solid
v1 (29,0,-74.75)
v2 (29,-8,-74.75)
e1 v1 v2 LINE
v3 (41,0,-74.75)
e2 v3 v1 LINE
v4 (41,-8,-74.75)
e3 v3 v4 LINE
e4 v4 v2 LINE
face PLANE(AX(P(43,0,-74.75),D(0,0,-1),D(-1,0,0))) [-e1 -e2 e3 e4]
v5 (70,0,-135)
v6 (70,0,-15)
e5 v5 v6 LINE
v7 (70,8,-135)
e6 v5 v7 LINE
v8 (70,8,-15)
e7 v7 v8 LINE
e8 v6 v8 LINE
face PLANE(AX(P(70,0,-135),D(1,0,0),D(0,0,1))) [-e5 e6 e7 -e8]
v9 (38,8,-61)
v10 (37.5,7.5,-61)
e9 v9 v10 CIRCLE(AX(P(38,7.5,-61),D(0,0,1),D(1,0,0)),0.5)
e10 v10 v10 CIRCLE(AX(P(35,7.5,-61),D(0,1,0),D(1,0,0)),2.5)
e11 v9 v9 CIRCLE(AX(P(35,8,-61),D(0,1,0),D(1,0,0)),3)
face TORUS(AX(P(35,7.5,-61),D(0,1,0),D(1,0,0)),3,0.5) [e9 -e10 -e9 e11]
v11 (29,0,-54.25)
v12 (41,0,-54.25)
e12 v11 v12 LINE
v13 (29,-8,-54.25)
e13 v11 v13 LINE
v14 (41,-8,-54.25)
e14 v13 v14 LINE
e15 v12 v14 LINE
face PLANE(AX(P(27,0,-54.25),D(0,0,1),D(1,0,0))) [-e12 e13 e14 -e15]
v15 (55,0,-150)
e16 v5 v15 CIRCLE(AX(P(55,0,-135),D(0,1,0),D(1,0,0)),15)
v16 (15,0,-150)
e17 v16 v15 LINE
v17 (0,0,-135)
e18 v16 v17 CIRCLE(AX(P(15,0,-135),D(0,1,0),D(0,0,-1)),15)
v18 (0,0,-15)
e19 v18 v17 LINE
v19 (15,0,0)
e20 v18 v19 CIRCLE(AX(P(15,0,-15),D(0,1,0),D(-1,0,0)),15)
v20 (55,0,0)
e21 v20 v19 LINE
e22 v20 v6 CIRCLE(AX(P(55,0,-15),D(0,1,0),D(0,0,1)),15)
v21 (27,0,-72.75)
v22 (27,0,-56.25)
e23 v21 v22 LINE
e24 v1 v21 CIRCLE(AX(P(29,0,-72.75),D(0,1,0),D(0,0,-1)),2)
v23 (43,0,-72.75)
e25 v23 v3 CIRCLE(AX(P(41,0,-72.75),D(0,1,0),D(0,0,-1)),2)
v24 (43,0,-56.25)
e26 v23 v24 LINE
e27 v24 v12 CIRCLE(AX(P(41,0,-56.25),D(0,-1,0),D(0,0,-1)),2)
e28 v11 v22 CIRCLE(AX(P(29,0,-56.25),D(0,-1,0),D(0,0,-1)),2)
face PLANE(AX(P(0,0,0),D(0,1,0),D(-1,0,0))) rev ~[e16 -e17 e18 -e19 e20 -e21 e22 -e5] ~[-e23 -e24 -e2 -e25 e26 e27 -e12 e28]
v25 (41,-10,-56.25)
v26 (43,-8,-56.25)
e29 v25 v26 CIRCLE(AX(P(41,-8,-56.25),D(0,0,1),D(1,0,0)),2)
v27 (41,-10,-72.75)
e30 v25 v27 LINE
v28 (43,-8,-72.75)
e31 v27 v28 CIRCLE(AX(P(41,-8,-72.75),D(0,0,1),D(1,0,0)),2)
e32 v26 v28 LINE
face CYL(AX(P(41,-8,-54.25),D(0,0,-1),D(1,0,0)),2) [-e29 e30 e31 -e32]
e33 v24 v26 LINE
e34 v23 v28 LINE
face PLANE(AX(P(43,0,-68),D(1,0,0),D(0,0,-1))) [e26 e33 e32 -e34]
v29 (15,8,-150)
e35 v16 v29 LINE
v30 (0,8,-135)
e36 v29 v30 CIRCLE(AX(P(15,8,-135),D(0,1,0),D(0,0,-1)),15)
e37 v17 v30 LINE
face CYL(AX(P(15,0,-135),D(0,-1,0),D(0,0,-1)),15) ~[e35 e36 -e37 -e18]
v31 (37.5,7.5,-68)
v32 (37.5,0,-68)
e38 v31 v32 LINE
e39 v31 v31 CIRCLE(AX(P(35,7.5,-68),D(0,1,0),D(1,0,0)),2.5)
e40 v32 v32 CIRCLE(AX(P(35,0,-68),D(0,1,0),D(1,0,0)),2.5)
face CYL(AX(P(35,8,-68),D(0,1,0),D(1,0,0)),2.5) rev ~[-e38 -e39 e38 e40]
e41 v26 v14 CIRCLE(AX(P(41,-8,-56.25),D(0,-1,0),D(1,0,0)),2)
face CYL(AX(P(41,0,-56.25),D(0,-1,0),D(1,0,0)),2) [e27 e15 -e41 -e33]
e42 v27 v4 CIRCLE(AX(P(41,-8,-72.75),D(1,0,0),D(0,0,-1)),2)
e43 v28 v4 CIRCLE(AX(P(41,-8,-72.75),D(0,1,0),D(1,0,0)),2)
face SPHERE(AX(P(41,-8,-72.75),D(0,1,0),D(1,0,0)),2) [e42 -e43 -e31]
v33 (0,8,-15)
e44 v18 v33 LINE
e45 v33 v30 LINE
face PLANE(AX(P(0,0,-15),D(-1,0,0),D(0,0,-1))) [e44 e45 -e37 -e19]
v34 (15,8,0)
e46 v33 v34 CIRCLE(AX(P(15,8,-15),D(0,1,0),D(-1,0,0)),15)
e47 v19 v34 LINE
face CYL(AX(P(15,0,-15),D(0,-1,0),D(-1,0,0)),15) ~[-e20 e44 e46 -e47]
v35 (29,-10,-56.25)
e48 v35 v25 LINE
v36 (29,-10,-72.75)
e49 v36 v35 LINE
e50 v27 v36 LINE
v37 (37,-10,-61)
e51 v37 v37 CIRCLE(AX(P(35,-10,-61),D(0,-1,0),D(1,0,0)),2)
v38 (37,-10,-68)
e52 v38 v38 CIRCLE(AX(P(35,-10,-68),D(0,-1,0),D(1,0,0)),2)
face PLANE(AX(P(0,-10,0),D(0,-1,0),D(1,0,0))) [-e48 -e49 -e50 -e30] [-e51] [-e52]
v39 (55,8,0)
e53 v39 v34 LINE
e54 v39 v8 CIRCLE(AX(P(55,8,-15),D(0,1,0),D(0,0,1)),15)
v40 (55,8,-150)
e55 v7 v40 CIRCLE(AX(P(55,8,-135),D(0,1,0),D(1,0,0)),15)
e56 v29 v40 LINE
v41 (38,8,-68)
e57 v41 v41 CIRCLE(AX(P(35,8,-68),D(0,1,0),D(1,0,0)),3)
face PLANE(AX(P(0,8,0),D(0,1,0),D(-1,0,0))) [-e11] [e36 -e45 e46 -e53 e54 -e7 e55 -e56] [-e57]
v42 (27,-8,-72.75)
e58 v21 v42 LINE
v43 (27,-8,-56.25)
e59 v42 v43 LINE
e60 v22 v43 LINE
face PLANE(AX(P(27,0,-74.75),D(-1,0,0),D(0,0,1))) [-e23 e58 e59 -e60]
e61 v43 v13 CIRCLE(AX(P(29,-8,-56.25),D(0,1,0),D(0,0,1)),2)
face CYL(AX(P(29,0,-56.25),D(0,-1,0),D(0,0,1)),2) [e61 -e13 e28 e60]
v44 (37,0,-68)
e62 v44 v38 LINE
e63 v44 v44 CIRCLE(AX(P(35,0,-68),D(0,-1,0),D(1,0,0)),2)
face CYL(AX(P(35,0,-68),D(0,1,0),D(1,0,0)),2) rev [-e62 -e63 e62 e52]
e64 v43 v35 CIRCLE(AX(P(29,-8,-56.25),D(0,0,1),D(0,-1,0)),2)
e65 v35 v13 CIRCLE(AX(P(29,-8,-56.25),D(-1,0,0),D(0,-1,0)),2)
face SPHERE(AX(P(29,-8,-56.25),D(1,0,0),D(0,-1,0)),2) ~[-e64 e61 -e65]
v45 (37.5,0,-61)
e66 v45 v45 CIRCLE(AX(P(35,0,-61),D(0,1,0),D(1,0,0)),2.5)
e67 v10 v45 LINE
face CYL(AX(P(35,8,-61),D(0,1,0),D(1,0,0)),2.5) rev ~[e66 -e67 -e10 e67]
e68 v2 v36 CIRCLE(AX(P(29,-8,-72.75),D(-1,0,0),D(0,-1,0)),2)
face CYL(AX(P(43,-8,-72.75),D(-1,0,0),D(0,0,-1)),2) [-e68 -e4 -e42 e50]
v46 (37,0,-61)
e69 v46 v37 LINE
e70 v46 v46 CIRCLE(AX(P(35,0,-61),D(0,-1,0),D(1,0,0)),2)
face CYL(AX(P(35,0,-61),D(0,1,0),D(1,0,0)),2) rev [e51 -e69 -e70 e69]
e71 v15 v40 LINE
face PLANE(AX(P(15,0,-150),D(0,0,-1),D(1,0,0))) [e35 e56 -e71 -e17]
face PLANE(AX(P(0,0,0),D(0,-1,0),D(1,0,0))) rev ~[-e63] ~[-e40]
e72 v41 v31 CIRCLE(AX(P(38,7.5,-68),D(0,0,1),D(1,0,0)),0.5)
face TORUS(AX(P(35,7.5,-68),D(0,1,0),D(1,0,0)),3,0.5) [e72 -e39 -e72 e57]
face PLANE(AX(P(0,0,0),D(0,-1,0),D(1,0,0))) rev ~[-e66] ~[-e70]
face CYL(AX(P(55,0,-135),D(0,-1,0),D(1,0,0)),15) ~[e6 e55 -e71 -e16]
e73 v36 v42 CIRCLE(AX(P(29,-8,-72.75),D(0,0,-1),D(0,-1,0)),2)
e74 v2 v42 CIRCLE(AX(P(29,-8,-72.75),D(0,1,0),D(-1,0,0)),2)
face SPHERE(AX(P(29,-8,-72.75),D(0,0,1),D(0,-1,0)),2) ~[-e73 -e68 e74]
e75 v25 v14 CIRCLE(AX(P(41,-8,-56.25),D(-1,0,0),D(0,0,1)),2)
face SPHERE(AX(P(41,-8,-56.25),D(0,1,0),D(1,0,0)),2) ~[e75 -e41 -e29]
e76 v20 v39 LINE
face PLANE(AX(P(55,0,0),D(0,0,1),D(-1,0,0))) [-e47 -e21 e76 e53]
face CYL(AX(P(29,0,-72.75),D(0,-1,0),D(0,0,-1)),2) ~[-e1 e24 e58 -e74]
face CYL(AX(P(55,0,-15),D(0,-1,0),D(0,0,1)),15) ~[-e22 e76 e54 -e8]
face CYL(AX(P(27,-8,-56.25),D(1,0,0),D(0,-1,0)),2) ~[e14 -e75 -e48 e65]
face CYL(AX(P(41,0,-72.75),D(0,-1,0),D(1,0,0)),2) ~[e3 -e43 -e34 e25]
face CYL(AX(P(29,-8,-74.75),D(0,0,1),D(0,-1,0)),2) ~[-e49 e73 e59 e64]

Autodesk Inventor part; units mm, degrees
ref_plane "YZ Plane" through (0, 0, 0) normal (1, 0, 0) x (0, 1, 0)
ref_plane "XZ Plane" through (0, 0, 0) normal (0, 1, 0) x (-1, 0, 0)
ref_plane "XY Plane" through (0, 0, 0) normal (0, 0, 1) x (1, 0, 0)
sketch "Esboço4" plane through (0, 0, 0) normal (0, 1, 0) x (-1, 0, 0)
  line L0 (0, -15) -> (0, -135)
  line L1 (-15, -150) -> (-55, -150)
  line L2 (-70, -135) -> (-70, -15)
  line L3 (-55, 0) -> (-15, 0)
  arc A0 (-15, -150) -> (0, -135) centre (-15, -135) ccw
  arc A1 (-70, -135) -> (-55, -150) centre (-55, -135) ccw
  arc A2 (-55, 0) -> (-70, -15) centre (-55, -15) ccw
  arc A3 (0, -15) -> (-15, 0) centre (-15, -15) ccw
  point P0 (0, 0)
  point P1 (0, -150)
  point P2 (-70, -150)
  dimension "d7" = 150
  dimension "d8" = 70
  dimension "d9" = 15
extrude "Extrusão2" add sketch "Esboço4" along normal blind 8
sketch "Esboço5" plane through (0, 8, 0) normal (0, 1, 0) x (1, 0, 0)
  line L0 (15, 0) -> (55, 0) projected
  line L1 (55, 150) -> (15, 150) projected
  circle A0 centre (35, 61) radius 2.5
  circle A1 centre (35, 68) radius 2.5
  point P0 (0, 0)
extrude "Extrusão3" cut sketch "Esboço5" against normal through all
sketch "Sketch7" plane through (0, 0, 0) normal (0, -1, 0) x (1, 0, 0)
  circle A0 centre (35, -61) radius 2 projected
  circle A1 centre (35, -68) radius 2 projected
  line L0 (43, -68) -> (43, -74.75)
  line L1 (43, -74.75) -> (27, -74.75)
  line L2 (27, -74.75) -> (27, -54.25)
  line L3 (27, -54.25) -> (43, -54.25)
  line L4 (43, -54.25) -> (43, -68)
  point P0 (0, 0)
  dimension "d25" = 8
extrude "Extrusion4" add sketch "Sketch7" along normal blind 10
fillet "Fillet4" radius 2 8 edges at (43, -5, -54.25) (43, -5, -74.75) (43, -10, -64.5) (35, -10, -54.25) (27, -10, -64.5) (35, -10, -74.75) (27, -5, -74.75) (27, -5, -54.25)
fillet "Fillet5" radius 0.5 2 edges at (32.5, 8, -61) (32.5, 8, -68)
properties part number "Base superior(suporte)" material "ABS plástico"
